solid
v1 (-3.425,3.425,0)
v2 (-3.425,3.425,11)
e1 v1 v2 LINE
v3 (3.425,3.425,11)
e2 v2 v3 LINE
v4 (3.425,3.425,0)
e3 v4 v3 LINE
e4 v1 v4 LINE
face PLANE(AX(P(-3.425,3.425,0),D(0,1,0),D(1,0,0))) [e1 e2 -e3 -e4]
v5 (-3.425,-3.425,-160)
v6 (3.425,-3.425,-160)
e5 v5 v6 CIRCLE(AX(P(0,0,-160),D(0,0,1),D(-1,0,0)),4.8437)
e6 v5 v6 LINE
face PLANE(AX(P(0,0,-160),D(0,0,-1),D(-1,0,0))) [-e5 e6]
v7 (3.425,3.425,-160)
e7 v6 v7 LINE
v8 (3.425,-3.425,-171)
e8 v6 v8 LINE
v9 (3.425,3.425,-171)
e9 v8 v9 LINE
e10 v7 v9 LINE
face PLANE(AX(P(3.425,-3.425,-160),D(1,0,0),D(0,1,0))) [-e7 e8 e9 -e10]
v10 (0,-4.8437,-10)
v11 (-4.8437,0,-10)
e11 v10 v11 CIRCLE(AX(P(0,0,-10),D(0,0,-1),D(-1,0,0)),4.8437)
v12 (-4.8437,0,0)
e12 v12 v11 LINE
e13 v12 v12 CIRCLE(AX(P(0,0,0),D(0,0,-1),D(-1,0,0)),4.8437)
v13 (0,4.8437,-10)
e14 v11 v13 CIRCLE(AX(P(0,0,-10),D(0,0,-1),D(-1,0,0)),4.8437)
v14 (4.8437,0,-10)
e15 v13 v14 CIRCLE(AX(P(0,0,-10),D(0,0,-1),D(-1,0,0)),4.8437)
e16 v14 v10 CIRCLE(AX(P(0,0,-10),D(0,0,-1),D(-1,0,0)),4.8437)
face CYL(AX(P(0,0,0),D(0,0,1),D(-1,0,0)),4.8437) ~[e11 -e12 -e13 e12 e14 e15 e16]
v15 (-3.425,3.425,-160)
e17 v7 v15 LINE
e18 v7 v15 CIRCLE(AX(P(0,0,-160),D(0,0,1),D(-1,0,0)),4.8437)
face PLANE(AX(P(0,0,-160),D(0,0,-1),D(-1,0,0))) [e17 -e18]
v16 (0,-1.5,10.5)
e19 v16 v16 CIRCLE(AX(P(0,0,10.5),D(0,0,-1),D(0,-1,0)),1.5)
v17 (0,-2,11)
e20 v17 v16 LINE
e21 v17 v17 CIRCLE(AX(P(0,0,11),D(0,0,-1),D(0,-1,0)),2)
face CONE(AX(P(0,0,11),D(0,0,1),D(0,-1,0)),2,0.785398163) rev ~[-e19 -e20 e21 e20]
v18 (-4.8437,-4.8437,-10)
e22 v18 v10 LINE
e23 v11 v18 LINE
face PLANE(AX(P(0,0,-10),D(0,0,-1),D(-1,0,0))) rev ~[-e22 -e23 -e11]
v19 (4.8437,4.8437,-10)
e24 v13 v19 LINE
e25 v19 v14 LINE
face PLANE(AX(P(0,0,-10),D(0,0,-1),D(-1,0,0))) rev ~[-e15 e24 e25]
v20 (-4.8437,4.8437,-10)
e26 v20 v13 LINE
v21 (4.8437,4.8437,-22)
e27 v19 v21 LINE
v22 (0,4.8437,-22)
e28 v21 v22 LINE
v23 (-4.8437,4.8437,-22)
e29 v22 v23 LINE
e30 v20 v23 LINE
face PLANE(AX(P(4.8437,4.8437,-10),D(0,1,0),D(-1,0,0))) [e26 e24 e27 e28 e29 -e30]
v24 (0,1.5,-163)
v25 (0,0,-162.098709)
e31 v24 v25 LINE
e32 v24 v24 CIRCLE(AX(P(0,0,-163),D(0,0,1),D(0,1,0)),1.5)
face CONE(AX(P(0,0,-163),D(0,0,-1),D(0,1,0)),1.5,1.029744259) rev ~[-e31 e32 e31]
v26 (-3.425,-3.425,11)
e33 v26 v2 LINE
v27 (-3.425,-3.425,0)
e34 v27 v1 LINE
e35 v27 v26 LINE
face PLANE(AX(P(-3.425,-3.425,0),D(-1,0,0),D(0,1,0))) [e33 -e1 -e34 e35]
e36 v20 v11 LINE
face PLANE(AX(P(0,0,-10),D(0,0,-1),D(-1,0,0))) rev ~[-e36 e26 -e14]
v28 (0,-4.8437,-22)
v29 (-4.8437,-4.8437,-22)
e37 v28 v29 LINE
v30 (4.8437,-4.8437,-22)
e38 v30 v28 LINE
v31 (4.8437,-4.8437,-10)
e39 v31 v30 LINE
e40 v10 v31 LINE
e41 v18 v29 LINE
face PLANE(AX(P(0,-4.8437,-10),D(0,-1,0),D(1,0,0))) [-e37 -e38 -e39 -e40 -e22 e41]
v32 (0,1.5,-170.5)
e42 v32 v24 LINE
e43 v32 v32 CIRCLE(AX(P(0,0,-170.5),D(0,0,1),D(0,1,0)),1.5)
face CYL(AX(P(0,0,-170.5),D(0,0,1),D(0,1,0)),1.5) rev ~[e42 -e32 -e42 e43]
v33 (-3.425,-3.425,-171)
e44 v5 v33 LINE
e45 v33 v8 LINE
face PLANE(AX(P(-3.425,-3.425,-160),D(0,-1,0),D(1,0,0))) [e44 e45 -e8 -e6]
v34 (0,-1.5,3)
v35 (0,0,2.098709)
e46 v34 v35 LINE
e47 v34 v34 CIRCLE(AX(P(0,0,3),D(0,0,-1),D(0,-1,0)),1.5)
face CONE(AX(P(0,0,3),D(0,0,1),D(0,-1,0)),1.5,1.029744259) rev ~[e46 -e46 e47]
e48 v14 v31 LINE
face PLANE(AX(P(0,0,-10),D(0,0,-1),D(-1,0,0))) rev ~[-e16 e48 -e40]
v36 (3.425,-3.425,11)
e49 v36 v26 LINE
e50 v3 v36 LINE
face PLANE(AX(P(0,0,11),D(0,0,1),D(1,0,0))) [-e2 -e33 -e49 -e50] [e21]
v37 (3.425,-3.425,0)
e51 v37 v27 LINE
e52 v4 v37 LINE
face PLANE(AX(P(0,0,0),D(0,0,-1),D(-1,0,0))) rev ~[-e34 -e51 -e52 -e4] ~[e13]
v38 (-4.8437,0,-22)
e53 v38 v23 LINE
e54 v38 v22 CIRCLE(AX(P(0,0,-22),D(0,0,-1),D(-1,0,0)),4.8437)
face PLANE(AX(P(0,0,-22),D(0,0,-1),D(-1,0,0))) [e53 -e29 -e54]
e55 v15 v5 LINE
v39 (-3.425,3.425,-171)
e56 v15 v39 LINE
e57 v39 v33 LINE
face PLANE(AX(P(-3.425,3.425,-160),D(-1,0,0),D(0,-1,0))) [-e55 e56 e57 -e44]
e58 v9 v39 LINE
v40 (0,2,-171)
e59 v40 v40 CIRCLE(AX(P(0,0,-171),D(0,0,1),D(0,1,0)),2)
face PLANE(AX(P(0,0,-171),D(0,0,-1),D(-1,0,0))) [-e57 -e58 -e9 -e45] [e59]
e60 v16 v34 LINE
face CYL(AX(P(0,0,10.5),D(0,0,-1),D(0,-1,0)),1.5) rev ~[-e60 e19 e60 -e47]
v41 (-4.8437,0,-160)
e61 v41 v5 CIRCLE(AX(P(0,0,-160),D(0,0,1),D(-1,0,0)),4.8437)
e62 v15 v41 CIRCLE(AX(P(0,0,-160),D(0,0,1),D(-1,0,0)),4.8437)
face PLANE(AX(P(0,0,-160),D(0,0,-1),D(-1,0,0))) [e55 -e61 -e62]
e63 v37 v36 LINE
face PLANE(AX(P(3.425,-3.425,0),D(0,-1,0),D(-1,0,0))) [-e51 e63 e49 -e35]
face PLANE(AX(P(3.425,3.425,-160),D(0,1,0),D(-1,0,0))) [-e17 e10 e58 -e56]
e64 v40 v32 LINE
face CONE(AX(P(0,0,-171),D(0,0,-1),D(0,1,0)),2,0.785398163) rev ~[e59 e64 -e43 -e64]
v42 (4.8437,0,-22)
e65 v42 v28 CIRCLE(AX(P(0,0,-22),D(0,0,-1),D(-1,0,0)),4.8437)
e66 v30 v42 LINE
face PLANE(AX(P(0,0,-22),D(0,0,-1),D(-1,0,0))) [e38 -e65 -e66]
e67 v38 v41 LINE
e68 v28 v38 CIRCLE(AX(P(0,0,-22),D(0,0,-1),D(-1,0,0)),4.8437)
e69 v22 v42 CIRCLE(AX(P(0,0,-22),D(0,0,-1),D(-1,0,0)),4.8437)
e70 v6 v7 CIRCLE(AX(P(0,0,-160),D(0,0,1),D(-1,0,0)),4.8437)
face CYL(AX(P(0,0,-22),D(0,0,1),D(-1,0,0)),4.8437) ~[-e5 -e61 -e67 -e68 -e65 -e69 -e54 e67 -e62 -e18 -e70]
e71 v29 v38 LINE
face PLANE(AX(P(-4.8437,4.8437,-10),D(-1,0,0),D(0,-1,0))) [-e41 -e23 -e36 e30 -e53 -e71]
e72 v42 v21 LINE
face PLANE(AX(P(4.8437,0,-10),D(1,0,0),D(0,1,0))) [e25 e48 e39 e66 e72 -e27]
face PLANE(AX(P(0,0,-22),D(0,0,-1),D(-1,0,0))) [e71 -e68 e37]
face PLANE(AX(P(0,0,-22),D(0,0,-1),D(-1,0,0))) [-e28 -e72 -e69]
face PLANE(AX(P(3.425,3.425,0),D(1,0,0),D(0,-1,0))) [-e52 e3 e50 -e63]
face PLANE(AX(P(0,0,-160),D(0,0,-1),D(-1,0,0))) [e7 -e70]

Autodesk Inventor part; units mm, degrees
ref_plane "YZ Plane" through (0, 0, 0) normal (1, 0, 0) x (0, 1, 0)
ref_plane "XZ Plane" through (0, 0, 0) normal (0, 1, 0) x (-1, 0, 0)
ref_plane "XY Plane" through (0, 0, 0) normal (0, 0, 1) x (1, 0, 0)
sketch "Sketch1" plane through (0, 0, 0) normal (0, 0, 1) x (1, 0, 0)
  line L0 (-3.425, 3.425) -> (3.425, 3.425)
  line L1 (3.425, 3.425) -> (3.425, -3.425)
  line L2 (3.425, -3.425) -> (-3.425, -3.425)
  line L3 (-3.425, -3.425) -> (-3.425, 3.425)
  point P0 (0, 0)
  point P1 (0, 3.425)
  point P2 (3.425, 0)
  dimension "d0" = 6.85
extrude "Left Lift Arm Drive" add sketch "Sketch1" along normal blind 11
sketch "Sketch2" plane through (0, 0, 0) normal (0, 0, -1) x (-1, 0, 0)
  circle A0 centre (0, 0) radius 4.8437
  point P0 (3.425, 3.425)
  dimension "d12" = 9.6874
extrude "Left Lift Arm Support" add sketch "Sketch2" along normal blind 10
sketch "Sketch3" plane through (0, 0, -10) normal (0, 0, -1) x (-1, 0, 0)
  line L0 (-4.8437, 4.8437) -> (4.8437, 4.8437)
  line L1 (4.8437, 4.8437) -> (4.8437, -4.8437)
  line L2 (4.8437, -4.8437) -> (-4.8437, -4.8437)
  line L3 (-4.8437, -4.8437) -> (-4.8437, 4.8437)
  circle A0 centre (0, 0) radius 4.8437 projected
  point P0 (4.8437, 0)
  point P1 (0, 4.8437)
  dimension "d13" = 9.6874
extrude "Gear Drive" add sketch "Sketch3" along normal blind 12
sketch "Sketch4" plane through (0, 0, -22) normal (0, 0, -1) x (-1, 0, 0)
  circle A0 centre (0, 0) radius 4.8437
  line L0 (4.8437, 4.8437) -> (-4.8437, 4.8437) projected
  point P0 (0, 4.8437)
extrude "Main Shaft" add sketch "Sketch4" along normal blind 138
sketch "Sketch5" plane through (0, 0, -160) normal (0, 0, -1) x (-1, 0, 0)
  line L0 (-3.425, 3.425) -> (3.425, 3.425)
  line L1 (3.425, 3.425) -> (3.425, -3.425)
  line L2 (3.425, -3.425) -> (-3.425, -3.425)
  line L3 (-3.425, -3.425) -> (-3.425, 3.425)
  circle A0 centre (0, 0) radius 4.8437 projected
  point P0 (3.425, 0)
  point P1 (0, 3.425)
extrude "Right Lift Arm Drive" add sketch "Sketch5" along normal blind 11 contours L0 L1 L2 L3
sketch "Sketch6" plane through (0, 0, 11) normal (0, 0, 1) x (1, 0, 0)
  point P0 (0, 0)
  point P1 (0, 0)
hole "Left Cap Hole" at (0, 0, 11) direction (0, 0, -1) diameter 3 depth 8 tip angle 118 countersink diameter 4 countersink angle 90
sketch "Sketch7" plane through (0, 0, -171) normal (0, 0, -1) x (-1, 0, 0)
  circle A0 centre (0, 0) radius 1.5 projected
hole "Right Cap Hole" at (0, 0, -171) direction (0, 0, 1) diameter 3 depth 8 tip angle 118 countersink diameter 4 countersink angle 90
properties part number "Arm Shaft"
